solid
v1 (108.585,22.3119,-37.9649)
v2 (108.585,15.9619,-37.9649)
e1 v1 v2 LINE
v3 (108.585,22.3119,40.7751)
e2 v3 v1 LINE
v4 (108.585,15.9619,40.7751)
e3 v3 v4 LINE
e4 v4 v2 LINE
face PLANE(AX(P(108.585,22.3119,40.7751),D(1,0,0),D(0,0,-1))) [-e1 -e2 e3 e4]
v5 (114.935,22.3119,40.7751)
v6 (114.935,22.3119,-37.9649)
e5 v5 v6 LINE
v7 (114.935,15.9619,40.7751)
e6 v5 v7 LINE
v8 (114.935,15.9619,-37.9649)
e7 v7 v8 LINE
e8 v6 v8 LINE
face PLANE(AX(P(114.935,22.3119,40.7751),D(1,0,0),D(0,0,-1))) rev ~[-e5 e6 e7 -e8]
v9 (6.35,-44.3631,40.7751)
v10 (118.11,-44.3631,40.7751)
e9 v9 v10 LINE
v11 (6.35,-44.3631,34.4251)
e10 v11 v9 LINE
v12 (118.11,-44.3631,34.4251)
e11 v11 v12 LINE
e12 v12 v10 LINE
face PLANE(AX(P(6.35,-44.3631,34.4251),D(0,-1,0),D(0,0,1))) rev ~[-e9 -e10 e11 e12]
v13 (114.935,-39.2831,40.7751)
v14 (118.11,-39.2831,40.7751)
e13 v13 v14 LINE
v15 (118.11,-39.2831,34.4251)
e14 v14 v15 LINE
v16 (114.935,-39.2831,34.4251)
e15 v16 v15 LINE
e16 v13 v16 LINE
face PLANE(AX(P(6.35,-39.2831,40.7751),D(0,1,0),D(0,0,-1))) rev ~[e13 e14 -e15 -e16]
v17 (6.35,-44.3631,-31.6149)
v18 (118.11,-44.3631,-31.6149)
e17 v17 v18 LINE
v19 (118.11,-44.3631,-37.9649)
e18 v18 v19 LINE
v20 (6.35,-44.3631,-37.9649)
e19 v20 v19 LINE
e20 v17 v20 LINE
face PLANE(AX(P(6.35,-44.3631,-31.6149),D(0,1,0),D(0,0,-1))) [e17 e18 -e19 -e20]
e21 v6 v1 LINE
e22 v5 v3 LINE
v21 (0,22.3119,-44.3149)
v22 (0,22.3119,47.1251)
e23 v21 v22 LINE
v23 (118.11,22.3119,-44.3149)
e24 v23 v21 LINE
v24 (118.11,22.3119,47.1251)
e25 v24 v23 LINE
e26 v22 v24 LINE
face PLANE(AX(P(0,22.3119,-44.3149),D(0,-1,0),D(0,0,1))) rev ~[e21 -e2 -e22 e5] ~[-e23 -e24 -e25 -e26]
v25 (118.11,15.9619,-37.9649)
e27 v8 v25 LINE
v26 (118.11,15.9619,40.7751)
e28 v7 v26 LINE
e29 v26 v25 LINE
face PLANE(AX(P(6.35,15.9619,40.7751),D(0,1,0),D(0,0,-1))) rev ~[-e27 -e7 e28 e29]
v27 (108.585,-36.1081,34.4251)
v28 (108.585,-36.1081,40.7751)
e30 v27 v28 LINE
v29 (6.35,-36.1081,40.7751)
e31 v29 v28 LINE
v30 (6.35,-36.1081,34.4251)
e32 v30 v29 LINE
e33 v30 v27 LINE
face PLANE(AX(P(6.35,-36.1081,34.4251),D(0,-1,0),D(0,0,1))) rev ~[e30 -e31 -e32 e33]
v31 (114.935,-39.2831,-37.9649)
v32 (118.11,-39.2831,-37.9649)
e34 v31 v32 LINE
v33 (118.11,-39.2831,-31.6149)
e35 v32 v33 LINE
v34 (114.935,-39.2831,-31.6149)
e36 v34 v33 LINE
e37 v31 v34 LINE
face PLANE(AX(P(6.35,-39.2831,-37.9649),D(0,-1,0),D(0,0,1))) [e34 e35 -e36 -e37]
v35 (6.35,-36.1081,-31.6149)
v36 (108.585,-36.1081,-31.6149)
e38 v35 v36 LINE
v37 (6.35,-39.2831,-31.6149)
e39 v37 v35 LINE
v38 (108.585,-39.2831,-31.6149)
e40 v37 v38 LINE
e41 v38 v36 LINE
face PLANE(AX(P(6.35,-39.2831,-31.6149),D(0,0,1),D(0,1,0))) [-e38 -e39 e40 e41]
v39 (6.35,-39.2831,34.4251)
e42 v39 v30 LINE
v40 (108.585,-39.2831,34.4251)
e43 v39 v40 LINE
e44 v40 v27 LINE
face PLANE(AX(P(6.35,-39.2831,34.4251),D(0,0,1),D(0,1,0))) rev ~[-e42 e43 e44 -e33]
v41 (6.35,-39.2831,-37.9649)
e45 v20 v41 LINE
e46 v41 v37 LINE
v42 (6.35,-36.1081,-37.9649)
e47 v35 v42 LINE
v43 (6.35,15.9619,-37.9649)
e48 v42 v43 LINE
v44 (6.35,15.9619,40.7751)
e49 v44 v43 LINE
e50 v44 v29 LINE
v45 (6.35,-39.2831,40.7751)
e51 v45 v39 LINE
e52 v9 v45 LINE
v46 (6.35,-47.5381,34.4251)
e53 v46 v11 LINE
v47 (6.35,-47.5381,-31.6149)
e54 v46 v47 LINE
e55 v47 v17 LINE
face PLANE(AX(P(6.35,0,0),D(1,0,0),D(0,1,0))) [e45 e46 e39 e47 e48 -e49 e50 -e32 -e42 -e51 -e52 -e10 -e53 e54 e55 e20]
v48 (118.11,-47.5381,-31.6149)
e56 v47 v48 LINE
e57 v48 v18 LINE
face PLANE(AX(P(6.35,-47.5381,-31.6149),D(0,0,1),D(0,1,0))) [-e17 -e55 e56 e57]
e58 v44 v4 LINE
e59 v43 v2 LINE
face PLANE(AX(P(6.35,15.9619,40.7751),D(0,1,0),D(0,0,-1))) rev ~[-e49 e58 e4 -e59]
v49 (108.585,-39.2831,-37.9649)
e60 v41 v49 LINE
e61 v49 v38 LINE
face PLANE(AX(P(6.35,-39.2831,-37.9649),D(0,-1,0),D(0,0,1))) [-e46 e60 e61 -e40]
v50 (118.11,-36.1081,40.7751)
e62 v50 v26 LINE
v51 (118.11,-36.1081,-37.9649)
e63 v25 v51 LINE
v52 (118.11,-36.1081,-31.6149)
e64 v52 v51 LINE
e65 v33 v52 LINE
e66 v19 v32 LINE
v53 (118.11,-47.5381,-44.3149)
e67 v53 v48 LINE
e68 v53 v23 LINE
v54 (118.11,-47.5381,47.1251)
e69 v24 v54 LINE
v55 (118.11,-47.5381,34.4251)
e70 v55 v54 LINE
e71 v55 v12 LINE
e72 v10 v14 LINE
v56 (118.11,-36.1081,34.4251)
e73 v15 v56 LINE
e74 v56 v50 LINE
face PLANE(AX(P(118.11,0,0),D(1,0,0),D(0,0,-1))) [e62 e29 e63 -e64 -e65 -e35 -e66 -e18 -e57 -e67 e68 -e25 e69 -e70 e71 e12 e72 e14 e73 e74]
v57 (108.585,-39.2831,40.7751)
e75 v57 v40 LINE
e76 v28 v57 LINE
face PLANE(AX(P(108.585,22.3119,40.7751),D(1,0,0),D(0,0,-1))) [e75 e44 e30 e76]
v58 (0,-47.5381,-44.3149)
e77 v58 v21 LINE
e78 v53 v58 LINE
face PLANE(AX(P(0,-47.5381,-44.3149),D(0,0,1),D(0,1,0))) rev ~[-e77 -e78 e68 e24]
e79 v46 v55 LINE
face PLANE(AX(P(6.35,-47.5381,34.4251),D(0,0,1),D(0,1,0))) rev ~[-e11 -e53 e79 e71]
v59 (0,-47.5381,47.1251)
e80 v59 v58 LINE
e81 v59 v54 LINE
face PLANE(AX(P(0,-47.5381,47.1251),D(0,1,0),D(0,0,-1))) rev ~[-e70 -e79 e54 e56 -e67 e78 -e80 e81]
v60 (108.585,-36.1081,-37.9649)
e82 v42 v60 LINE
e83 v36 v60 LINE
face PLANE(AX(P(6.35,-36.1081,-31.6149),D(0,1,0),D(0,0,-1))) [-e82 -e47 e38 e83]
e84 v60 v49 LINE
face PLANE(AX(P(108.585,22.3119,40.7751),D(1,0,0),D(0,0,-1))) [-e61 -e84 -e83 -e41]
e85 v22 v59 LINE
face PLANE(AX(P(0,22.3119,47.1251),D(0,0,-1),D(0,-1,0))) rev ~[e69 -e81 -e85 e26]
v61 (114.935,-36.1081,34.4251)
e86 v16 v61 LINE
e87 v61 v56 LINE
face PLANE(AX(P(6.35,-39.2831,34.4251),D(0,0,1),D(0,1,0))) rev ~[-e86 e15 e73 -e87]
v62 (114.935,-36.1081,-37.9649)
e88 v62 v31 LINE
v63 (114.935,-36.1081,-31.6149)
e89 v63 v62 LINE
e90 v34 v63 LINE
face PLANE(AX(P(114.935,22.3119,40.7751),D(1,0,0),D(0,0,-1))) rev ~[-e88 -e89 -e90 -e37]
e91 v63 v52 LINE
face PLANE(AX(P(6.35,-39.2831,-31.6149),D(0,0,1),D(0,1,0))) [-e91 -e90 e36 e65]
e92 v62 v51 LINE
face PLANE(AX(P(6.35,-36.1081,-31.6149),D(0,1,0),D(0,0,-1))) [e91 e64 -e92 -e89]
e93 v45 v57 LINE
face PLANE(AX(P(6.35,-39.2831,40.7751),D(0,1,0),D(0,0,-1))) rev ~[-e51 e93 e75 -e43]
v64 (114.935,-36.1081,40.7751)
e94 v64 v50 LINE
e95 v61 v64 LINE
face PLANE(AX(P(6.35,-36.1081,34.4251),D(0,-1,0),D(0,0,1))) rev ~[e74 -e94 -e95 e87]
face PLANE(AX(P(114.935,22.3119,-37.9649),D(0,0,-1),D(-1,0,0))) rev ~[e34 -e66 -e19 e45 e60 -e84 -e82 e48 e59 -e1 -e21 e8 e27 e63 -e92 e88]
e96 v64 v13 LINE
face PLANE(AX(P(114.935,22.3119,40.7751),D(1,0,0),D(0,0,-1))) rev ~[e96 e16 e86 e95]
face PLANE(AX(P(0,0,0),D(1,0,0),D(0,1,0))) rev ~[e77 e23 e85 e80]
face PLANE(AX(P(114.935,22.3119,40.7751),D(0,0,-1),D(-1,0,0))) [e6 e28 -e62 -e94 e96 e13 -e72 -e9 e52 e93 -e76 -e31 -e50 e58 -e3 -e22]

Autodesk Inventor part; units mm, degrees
ref_plane "YZ Plane" through (0, 0, 0) normal (1, 0, 0) x (0, 1, 0)
ref_plane "XZ Plane" through (0, 0, 0) normal (0, 1, 0) x (-1, 0, 0)
ref_plane "XY Plane" through (0, 0, 0) normal (0, 0, 1) x (1, 0, 0)
sketch "Sketch1" plane through (0, 0, 0) normal (1, 0, 0) x (0, 1, 0)
  point P0 (0, 0)
sketch "Sketch2" plane through (0, 0, 0) normal (1, 0, 0) x (0, 1, 0)
  line L0 (22.3119, 47.1251) -> (-47.5381, 47.1251)
  line L1 (-47.5381, 47.1251) -> (-47.5381, -44.3149)
  line L2 (-47.5381, -44.3149) -> (22.3119, -44.3149)
  line L3 (22.3119, -44.3149) -> (22.3119, 47.1251)
  point P0 (0, 0)
  dimension "d0" = 91.44
  dimension "d1" = 69.85
extrude "Extrusion1" add sketch "Sketch2" along normal blind 6.35
sketch "Sketch3" plane through (6.35, 0, 0) normal (1, 0, 0) x (0, 0, -1)
  line L0 (-47.1251, 22.3119) -> (-47.1251, -47.5381) projected
  line L1 (-47.1251, -47.5381) -> (-47.1251, 22.3119)
  line L2 (44.3149, -47.5381) -> (44.3149, 22.3119) projected
  line L3 (-47.1251, 22.3119) -> (44.3149, 22.3119)
  line L4 (44.3149, 22.3119) -> (44.3149, -47.5381)
  line L5 (-47.1251, -47.5381) -> (-40.7751, -47.5381)
  line L6 (-47.1251, -47.5381) -> (44.3149, -47.5381) projected
  line L7 (37.9649, -47.5381) -> (44.3149, -47.5381)
  line L8 (-40.7751, -47.5381) -> (-34.4251, -47.5381)
  line L9 (37.9649, -47.5381) -> (31.6149, -47.5381)
  line L10 (31.6149, -47.5381) -> (31.6149, -44.3631)
  line L11 (31.6149, -44.3631) -> (37.9649, -44.3631)
  line L12 (-34.4251, -47.5381) -> (-34.4251, -44.3631)
  line L13 (-34.4251, -44.3631) -> (-40.7751, -44.3631)
  line L14 (-40.7751, 15.9619) -> (37.9649, 15.9619)
  line L15 (-40.7751, -33.5681) -> (-40.7751, 15.9619)
  line L16 (37.9649, 15.9619) -> (37.9649, -33.5681)
  line L17 (-40.7751, -44.3631) -> (-40.7751, -39.2831)
  line L18 (-40.7751, -39.2831) -> (-34.4251, -39.2831)
  line L19 (-34.4251, -39.2831) -> (-34.4251, -36.1081)
  line L20 (-34.4251, -36.1081) -> (-40.7751, -36.1081)
  line L21 (-40.7751, -36.1081) -> (-40.7751, -33.5681)
  line L22 (37.9649, -44.3631) -> (37.9649, -39.2831)
  line L23 (37.9649, -39.2831) -> (31.6149, -39.2831)
  line L24 (31.6149, -39.2831) -> (31.6149, -36.1081)
  line L25 (31.6149, -36.1081) -> (37.9649, -36.1081)
  line L26 (37.9649, -36.1081) -> (37.9649, -33.5681)
  point P0 (0, 0)
  dimension "d7" = 78.74
  dimension "d10" = 6.35
  dimension "d11" = 3.175
  dimension "d25" = 3.175
  dimension "d26" = 5.08
  dimension "d27" = 5.08
  dimension "d28" = 3.175
  dimension "d29" = 3.175
  dimension "d30" = 6.35
  dimension "d31" = 66.04
extrude "Extrusion2" add sketch "Sketch3" along normal blind 111.76 contours L3 L2 L6 L10 L11 L22 L23 L24 L25 L26 L16 L14 L15 L21 L20 L19 L18 L17 L13 L12 L5 L0
sketch "Sketch4" plane through (0, 22.3119, 47.1251) normal (0, 1, 0) x (1, 0, 0)
  line L0 (114.935, 6.35) -> (114.935, 85.09)
  line L1 (114.935, 6.35) -> (108.585, 6.35)
  line L2 (108.585, 6.35) -> (108.585, 85.09)
  line L3 (114.935, 85.09) -> (108.585, 85.09)
  point P0 (0, 47.1251)
extrude "Extrusion3" cut sketch "Sketch4" against normal blind 63.5
properties part number "bens capstone"
